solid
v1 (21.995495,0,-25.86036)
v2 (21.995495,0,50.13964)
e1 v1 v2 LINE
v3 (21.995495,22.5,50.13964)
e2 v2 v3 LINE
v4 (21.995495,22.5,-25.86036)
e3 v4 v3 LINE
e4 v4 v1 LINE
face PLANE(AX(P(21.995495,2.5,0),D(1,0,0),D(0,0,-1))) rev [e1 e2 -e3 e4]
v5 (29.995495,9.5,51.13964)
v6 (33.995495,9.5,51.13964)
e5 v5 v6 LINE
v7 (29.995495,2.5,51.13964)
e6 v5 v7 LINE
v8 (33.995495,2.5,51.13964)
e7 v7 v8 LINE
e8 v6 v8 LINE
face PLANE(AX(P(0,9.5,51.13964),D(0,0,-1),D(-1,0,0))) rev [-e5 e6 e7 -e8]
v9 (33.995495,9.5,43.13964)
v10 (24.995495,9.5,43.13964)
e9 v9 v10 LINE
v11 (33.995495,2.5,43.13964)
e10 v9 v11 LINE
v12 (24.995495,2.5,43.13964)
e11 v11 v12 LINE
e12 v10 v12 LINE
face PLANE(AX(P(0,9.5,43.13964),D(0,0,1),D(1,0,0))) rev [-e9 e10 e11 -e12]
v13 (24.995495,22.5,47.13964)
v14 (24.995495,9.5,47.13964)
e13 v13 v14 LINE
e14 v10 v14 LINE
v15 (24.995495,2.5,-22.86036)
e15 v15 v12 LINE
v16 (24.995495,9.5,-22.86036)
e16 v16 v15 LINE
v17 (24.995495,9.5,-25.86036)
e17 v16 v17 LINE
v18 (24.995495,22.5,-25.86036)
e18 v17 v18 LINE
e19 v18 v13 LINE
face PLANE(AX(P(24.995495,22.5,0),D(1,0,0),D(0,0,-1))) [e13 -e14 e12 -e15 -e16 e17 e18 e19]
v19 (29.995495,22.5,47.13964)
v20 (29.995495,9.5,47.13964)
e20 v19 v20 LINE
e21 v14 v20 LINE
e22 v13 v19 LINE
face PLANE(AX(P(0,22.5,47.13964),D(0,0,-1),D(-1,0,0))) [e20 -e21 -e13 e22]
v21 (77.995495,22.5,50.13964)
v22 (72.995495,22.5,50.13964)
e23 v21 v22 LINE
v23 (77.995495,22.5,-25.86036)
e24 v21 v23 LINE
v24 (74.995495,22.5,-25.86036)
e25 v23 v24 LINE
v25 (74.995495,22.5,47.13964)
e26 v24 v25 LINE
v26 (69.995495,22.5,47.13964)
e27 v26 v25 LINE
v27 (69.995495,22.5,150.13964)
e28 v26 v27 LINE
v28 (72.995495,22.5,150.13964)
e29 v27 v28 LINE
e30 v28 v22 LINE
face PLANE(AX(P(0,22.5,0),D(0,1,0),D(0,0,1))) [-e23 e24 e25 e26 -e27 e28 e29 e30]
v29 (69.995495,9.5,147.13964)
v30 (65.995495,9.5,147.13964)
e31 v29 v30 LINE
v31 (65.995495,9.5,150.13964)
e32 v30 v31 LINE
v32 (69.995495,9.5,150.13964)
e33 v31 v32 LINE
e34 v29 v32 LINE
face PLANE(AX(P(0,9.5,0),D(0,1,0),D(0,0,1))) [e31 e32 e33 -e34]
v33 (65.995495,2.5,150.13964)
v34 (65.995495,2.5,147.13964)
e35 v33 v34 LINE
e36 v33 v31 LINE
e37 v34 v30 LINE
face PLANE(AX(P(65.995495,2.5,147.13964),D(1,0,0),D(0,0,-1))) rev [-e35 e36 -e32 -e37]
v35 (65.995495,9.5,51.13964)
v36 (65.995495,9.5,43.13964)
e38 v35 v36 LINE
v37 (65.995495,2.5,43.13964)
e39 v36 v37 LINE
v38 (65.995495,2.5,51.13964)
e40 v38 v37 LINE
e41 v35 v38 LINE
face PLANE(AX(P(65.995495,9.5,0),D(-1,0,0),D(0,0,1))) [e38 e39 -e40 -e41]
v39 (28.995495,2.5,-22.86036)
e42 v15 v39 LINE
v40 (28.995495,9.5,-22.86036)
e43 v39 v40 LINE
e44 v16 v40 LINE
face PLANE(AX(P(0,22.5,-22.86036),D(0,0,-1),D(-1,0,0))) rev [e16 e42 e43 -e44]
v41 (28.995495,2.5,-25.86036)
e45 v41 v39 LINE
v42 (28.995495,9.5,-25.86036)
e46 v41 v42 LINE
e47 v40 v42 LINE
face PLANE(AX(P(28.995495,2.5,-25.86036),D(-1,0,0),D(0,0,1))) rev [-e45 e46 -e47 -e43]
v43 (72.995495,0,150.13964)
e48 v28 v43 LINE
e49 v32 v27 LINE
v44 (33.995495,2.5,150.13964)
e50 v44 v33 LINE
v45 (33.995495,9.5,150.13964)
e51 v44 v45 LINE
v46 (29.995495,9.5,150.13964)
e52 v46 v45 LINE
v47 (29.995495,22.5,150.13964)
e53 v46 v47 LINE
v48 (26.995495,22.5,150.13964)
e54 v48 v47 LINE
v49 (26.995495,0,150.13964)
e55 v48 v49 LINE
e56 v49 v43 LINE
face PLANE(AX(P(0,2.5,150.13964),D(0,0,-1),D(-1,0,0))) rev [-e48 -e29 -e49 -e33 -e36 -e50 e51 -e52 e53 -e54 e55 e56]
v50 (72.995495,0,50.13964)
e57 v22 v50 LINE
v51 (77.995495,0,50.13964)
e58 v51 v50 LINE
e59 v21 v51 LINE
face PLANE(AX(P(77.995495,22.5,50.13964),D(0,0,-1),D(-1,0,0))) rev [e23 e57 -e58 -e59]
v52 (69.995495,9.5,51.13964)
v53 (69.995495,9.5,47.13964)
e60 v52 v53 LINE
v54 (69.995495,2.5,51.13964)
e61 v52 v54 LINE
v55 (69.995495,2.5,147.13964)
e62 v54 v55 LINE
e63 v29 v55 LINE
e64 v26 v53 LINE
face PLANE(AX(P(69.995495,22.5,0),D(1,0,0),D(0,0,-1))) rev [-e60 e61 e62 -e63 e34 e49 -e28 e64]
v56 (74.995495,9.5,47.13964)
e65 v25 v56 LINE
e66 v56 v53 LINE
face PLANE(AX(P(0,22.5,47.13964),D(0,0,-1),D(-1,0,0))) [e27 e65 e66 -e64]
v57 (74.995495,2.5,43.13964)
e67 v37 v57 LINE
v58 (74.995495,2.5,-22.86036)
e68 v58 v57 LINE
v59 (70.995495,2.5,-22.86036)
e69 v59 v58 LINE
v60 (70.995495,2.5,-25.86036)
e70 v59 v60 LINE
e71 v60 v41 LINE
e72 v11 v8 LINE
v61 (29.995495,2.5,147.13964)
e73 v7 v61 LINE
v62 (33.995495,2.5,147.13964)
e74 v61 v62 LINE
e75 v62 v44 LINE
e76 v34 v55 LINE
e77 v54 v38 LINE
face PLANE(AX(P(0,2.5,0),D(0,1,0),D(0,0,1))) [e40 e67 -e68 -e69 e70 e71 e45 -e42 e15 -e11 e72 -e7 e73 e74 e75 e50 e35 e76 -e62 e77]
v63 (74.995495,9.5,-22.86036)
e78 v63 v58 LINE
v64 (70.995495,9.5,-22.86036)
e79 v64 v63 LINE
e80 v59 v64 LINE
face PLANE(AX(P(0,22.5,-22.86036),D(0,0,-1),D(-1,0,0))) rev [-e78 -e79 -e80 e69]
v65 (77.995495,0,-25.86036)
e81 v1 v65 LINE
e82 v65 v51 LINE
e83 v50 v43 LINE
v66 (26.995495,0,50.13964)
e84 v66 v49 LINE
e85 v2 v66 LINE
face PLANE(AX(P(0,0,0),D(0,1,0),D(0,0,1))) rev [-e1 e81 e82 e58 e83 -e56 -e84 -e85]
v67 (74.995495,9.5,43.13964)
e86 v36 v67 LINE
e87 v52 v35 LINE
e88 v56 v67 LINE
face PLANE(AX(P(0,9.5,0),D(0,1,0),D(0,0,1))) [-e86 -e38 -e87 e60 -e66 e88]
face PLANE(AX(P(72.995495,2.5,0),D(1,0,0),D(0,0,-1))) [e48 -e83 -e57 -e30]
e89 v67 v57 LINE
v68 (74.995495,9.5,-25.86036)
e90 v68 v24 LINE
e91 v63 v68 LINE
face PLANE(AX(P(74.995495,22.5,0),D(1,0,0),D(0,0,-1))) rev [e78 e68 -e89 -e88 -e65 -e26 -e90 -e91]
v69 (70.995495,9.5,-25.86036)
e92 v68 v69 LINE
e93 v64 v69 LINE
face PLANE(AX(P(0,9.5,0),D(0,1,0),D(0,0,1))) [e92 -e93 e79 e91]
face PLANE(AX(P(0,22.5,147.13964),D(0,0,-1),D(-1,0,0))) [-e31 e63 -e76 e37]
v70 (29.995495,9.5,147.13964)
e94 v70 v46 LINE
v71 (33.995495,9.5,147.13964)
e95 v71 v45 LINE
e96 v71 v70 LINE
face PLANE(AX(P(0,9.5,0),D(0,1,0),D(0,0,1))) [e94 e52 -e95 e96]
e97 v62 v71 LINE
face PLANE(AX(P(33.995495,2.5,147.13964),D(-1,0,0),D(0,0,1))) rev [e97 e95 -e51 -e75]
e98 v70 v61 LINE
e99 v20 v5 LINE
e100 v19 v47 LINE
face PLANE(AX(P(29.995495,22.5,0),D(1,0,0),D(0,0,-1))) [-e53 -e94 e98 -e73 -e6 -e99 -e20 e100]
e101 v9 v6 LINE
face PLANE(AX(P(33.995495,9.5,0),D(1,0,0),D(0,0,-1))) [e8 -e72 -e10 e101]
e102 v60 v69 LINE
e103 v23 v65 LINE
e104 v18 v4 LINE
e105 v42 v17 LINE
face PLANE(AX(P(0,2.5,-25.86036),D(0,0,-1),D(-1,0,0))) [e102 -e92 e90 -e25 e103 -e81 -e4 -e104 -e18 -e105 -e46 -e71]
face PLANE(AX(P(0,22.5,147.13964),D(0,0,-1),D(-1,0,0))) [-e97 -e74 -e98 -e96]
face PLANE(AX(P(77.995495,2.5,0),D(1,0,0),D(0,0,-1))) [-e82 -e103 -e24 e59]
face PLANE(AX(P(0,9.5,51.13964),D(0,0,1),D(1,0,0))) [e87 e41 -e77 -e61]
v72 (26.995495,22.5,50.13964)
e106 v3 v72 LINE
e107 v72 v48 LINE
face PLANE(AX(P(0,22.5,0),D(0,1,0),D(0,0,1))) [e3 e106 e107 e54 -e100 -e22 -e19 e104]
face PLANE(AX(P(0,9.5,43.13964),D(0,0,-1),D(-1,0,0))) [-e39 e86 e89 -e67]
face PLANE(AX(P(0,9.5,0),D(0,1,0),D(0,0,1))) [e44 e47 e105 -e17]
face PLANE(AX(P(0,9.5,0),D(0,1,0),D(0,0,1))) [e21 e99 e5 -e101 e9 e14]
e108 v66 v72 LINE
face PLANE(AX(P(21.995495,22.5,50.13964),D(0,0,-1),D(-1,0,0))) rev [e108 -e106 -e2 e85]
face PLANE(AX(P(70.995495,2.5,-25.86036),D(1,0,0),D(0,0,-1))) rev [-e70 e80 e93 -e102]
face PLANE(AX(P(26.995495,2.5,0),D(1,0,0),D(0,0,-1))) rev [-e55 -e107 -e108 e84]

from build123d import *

# Parameters (mm, degrees)
SKETCH1_W           = 46
SKETCH1_H           = 103
SKETCH1_W_2         = 56
SKETCH1_H_2         = 73
BOSS_EXTRUDE2_DEPTH = 2.5
BOSS_EXTRUDE3_DEPTH = 20
SKETCH4_W           = 3
SKETCH4_H           = 22.5
BOSS_EXTRUDE4_DEPTH = 5
SKETCH7_W           = 3
SKETCH7_H           = 22.5
BOSS_EXTRUDE5_DEPTH = 5
SKETCH8_W           = 4
SKETCH8_H           = 3
CUT_EXTRUDE1_DEPTH  = 13
SKETCH9_W           = 42
SKETCH9_H           = 3
CUT_EXTRUDE2_DEPTH  = 20
SKETCH10_W          = 32
SKETCH10_H          = 3
CUT_EXTRUDE3_DEPTH  = 20
SKETCH11_W          = 4
SKETCH11_H          = 4
BOSS_EXTRUDE6_DEPTH = 7


with BuildPart() as part:
    # Sketch1 → Boss-Extrude2 (new body)
    with BuildSketch(Plane(origin=(0, 0, 0), x_dir=(1, 0, 0), z_dir=(0, 1, 0))):
        with Locations((49.995495495, -98.63963964)):
            Rectangle(SKETCH1_W, SKETCH1_H)
        with Locations((49.995495495, -10.63963964)):
            Rectangle(SKETCH1_W_2, SKETCH1_H_2)
    extrude(amount=BOSS_EXTRUDE2_DEPTH)

    # Sketch3 → Boss-Extrude3 (add)
    with BuildSketch(Plane(origin=(0, 2.5, 0), x_dir=(1, 0, 0), z_dir=(0, 1, 0))):
        Polygon((24.995495495, -47.13963964), (24.995495495, 22.86036036), (74.995495495, 22.86036036), (74.995495495, -47.13963964), (77.995495495, -47.13963964), (77.995495495, 25.86036036), (21.995495495, 25.86036036), (21.995495495, -47.13963964), align=None)
        Polygon((29.995495495, -47.13963964), (26.995495495, -47.13963964), (26.995495495, -150.13963964), (72.995495495, -150.13963964), (72.995495495, -47.13963964), (69.995495495, -47.13963964), (69.995495495, -147.13963964), (29.995495495, -147.13963964), align=None)
    extrude(amount=BOSS_EXTRUDE3_DEPTH)

    # Sketch4 → Boss-Extrude4 (add)
    with BuildSketch(Plane.ZY.offset(-26.995495495)):
        with Locations((48.63963964, 11.25)):
            Rectangle(SKETCH4_W, SKETCH4_H)
    extrude(amount=BOSS_EXTRUDE4_DEPTH)

    # Sketch7 → Boss-Extrude5 (add)
    with BuildSketch(Plane(origin=(72.995495495, 0, 0), x_dir=(0, 0, -1), z_dir=(1, 0, 0))):
        with Locations((-48.63963964, 11.25)):
            Rectangle(SKETCH7_W, SKETCH7_H)
    extrude(amount=BOSS_EXTRUDE5_DEPTH)

    # Sketch8 → Cut-Extrude1 (cut)
    with BuildSketch(Plane(origin=(0, 22.5, 0), x_dir=(1, 0, 0), z_dir=(0, 1, 0))):
        with Locations((26.995495495, 24.36036036)):
            Rectangle(SKETCH8_W, SKETCH8_H)
        with Locations((72.995495495, 24.36036036)):
            Rectangle(SKETCH8_W, SKETCH8_H)
        with Locations((67.995495495, -148.63963964)):
            Rectangle(SKETCH8_W, SKETCH8_H)
        with Locations((31.995495495, -148.63963964)):
            Rectangle(SKETCH8_W, SKETCH8_H)
    extrude(amount=-CUT_EXTRUDE1_DEPTH, mode=Mode.SUBTRACT)

    # Sketch9 → Cut-Extrude2 (cut)
    with BuildSketch(Plane(origin=(0, 22.5, 0), x_dir=(1, 0, 0), z_dir=(0, 1, 0))):
        with Locations((49.995495495, 24.36036036)):
            Rectangle(SKETCH9_W, SKETCH9_H)
    extrude(amount=-CUT_EXTRUDE2_DEPTH, mode=Mode.SUBTRACT)

    # Sketch10 → Cut-Extrude3 (cut)
    with BuildSketch(Plane(origin=(0, 22.5, 0), x_dir=(1, 0, 0), z_dir=(0, 1, 0))):
        with Locations((49.995495495, -148.63963964)):
            Rectangle(SKETCH10_W, SKETCH10_H)
    extrude(amount=-CUT_EXTRUDE3_DEPTH, mode=Mode.SUBTRACT)

    # Sketch11 → Boss-Extrude6 (add)
    with BuildSketch(Plane(origin=(0, 2.5, 0), x_dir=(1, 0, 0), z_dir=(0, 1, 0))):
        with Locations((31.995495495, -49.13963964)):
            Rectangle(SKETCH11_W, SKETCH11_H)
        Polygon((24.995495495, -47.13963964), (29.995495495, -47.13963964), (33.995495495, -47.13963964), (33.995495495, -43.13963964), (24.995495495, -43.13963964), align=None)
        Polygon((65.995495495, -47.13963964), (69.995495495, -47.13963964), (74.995495495, -47.13963964), (74.995495495, -43.13963964), (65.995495495, -43.13963964), align=None)
        with Locations((67.995495495, -49.13963964)):
            Rectangle(SKETCH11_W, SKETCH11_H)
    extrude(amount=BOSS_EXTRUDE6_DEPTH)


solid = part.part
